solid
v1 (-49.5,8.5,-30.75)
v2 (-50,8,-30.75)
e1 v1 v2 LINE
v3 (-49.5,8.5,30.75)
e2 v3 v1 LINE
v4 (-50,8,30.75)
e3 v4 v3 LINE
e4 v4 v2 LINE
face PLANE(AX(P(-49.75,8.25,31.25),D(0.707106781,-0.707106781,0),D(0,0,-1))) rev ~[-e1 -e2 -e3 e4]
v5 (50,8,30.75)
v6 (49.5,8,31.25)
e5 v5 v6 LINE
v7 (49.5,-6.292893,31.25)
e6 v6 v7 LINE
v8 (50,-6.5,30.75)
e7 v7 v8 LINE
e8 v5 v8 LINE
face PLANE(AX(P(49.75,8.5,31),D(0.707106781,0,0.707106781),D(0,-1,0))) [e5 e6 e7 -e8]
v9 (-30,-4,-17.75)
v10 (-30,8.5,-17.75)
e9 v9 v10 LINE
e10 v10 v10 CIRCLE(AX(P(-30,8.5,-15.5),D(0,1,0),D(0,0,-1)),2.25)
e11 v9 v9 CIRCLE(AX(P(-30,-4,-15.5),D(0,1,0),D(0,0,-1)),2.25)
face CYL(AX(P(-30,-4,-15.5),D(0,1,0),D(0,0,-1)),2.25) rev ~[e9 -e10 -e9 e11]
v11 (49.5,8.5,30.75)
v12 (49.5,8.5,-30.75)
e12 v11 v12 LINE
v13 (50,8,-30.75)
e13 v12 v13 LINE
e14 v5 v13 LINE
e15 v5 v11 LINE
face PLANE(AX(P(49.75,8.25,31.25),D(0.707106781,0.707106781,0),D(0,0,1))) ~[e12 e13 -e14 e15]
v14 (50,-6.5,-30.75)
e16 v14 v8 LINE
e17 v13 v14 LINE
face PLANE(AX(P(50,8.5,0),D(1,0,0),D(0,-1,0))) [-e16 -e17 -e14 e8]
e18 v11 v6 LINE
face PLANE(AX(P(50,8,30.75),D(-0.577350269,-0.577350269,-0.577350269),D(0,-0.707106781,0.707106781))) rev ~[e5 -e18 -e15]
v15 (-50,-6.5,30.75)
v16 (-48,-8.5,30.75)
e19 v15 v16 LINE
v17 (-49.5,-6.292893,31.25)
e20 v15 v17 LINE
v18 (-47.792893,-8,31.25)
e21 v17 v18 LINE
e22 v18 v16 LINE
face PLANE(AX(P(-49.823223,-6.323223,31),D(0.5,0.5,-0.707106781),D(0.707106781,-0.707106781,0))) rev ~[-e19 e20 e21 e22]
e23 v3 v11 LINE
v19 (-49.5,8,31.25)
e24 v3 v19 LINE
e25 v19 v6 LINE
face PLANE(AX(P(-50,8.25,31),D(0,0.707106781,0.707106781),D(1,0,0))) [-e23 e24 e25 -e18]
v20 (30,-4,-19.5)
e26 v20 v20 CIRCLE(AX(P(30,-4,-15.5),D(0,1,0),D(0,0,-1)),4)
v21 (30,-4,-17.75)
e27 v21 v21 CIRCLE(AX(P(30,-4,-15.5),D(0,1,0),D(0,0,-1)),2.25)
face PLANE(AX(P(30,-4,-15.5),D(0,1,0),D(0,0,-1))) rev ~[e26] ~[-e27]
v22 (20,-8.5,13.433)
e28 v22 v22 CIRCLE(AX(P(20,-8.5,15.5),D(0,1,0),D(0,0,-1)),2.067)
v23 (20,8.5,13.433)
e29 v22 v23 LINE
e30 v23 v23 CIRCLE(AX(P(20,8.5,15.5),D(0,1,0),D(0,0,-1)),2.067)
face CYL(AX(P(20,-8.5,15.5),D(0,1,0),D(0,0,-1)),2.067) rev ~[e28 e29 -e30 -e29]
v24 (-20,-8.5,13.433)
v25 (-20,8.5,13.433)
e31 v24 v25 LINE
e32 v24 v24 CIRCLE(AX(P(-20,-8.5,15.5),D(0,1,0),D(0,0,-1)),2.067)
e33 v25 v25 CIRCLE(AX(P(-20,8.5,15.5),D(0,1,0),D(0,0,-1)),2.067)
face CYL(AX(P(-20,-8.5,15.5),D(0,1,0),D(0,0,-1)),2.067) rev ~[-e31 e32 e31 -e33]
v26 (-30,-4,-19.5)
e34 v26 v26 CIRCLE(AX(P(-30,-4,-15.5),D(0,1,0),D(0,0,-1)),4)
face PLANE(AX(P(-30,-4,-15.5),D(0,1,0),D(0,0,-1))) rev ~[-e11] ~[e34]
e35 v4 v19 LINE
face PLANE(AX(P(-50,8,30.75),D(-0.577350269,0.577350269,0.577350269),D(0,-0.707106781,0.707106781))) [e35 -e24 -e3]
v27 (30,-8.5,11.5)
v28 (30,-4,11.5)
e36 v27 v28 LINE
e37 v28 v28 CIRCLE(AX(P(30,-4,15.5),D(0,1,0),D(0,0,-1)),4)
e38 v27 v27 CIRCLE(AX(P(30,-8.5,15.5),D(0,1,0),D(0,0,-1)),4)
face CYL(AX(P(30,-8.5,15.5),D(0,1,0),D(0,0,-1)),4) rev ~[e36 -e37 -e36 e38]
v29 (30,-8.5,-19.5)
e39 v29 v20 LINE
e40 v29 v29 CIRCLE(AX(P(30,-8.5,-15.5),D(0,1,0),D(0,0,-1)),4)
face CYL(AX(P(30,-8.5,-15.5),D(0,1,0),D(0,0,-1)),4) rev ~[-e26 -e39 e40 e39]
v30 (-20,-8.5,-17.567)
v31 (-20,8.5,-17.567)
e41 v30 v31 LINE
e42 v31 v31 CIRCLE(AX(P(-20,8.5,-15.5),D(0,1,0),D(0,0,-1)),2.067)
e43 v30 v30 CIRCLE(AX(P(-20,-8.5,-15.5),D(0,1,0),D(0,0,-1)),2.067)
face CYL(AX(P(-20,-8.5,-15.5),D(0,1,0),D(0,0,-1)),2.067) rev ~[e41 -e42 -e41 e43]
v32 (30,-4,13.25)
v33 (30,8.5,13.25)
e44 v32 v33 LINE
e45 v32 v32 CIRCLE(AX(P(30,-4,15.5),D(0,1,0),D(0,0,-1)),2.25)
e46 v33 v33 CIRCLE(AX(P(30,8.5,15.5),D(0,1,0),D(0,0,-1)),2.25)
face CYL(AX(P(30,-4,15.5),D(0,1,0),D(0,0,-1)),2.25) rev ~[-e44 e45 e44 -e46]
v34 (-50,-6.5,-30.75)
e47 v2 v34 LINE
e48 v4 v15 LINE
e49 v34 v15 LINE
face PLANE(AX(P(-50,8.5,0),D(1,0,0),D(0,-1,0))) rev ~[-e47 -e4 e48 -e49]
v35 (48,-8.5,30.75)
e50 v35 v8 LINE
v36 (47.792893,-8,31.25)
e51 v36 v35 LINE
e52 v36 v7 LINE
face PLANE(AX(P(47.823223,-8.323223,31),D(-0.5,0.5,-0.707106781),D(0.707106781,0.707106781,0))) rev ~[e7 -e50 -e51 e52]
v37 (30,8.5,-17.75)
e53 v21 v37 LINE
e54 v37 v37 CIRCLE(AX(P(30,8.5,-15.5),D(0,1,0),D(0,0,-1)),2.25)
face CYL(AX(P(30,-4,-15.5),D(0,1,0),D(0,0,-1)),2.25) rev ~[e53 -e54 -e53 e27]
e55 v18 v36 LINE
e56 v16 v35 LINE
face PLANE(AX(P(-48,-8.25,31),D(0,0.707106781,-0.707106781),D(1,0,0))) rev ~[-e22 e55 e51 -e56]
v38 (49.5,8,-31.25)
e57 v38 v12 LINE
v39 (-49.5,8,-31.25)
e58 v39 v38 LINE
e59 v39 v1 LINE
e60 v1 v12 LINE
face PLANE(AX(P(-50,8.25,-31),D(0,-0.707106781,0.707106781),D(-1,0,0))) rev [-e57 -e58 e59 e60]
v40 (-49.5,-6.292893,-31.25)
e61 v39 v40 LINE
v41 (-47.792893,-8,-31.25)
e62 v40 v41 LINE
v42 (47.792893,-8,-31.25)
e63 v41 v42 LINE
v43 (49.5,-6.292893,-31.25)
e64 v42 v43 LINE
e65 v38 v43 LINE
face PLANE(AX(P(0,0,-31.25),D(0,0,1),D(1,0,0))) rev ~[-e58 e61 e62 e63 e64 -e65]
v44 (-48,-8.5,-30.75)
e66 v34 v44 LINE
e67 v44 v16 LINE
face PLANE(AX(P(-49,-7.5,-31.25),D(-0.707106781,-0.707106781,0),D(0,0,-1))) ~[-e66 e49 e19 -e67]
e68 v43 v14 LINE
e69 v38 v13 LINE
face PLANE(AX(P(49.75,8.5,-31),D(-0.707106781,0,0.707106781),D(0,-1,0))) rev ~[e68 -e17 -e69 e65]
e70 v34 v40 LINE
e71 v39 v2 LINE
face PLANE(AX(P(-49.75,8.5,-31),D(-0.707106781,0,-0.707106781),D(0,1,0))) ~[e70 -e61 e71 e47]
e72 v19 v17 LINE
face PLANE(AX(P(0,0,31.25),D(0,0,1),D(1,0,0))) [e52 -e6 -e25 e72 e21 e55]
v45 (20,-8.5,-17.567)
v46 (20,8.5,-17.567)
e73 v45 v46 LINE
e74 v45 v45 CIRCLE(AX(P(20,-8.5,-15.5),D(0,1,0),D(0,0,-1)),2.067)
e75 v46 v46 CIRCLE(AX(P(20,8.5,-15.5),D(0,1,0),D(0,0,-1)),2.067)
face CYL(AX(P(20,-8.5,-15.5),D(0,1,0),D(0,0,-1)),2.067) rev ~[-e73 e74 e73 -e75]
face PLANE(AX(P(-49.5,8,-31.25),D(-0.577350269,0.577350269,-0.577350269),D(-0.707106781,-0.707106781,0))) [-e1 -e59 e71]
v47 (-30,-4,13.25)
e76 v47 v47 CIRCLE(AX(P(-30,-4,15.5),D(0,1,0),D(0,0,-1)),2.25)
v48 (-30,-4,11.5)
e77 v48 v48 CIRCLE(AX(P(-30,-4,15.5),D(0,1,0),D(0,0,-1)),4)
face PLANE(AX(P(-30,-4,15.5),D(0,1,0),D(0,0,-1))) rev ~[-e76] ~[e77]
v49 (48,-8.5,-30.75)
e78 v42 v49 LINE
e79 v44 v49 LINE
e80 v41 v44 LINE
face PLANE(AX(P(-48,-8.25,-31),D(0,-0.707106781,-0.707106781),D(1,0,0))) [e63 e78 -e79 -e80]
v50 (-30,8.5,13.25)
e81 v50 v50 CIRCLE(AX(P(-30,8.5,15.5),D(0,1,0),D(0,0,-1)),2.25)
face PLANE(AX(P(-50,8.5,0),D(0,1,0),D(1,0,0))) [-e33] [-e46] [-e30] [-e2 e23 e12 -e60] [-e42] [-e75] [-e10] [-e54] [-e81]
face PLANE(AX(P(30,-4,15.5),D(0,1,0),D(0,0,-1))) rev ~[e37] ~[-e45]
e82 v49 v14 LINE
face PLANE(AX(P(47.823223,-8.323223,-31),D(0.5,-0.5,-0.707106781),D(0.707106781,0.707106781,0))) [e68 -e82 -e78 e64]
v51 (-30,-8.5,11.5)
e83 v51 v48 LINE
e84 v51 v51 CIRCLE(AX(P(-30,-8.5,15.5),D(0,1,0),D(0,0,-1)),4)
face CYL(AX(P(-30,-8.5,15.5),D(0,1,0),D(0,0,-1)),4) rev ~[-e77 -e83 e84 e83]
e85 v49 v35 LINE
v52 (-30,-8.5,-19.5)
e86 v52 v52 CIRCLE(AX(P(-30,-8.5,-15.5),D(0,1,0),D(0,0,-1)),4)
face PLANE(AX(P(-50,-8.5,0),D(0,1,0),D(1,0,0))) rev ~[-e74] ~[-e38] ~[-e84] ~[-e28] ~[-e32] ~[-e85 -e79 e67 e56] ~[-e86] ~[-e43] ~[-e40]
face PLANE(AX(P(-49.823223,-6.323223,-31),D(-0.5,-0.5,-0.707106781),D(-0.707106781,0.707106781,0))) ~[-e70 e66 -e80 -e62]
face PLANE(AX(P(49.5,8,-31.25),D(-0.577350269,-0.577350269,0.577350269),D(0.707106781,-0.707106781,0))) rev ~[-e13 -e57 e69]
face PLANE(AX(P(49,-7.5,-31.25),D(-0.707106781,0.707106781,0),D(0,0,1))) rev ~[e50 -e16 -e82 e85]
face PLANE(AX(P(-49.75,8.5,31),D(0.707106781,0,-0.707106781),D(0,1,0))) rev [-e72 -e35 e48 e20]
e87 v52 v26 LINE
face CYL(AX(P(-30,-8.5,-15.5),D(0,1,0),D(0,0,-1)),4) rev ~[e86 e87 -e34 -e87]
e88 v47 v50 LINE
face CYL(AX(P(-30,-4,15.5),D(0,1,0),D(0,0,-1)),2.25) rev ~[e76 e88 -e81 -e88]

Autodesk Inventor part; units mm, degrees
ref_plane "YZ Plane" through (0, 0, 0) normal (1, 0, 0) x (0, 1, 0)
ref_plane "XZ Plane" through (0, 0, 0) normal (0, 1, 0) x (-1, 0, 0)
ref_plane "XY Plane" through (0, 0, 0) normal (0, 0, 1) x (1, 0, 0)
sketch "Sketch5" plane through (0, 0, 0) normal (0, 0, 1) x (1, 0, 0)
  line L0 (-50, -8.5) -> (50, -8.5)
  line L1 (50, 8.5) -> (50, -8.5)
  line L2 (-50, 8.5) -> (50, 8.5)
  line L3 (-50, 8.5) -> (-50, -8.5)
  point P0 (0, 0)
  point P1 (0, 8.5)
  point P2 (50, 0)
  dimension "d8" = 100
  dimension "d9" = 17
extrude "Extrusion5" add sketch "Sketch5" along normal mid plane 62.5
chamfer "Chamfer1" distance 2 angle 45 2 edges at (50, -8.5, 0) (-50, -8.5, 0)
sketch "Sketch7" plane through (-48, -8.5, -31.25) normal (0, -1, 0) x (1, 0, 0)
  circle A0 centre (78, 15.75) radius 2.2423
  circle A1 centre (78, 46.75) radius 2.2423
  circle A2 centre (18, 15.75) radius 2.2423
  circle A3 centre (18, 46.75) radius 2.2423
  point P0 (48, 31.25)
  point P1 (96, 0)
  point P2 (96, 62.5)
  dimension "d18" = 60
  dimension "d19" = 30
  dimension "d20" = 31
  dimension "d21" = 15.5
  dimension "d48" = 62.5
hole "Hole1" at (30, -8.5, -15.5) at (30, -8.5, 15.5) at (-30, -8.5, 15.5) at (-30, -8.5, -15.5) direction (0, 1, 0) diameter 4.5 end through all counterbore diameter 8 counterbore depth 4.5 clearance for "Socket Head Cap Screw DIN EN ISO 4762" size "M4" standard "DIN"
sketch "Sketch9" plane through (-48, -8.5, -31.25) normal (0, -1, 0) x (1, 0, 0)
  circle A0 centre (78, 15.75) radius 4 projected
  circle A1 centre (78, 46.75) radius 4 projected
  circle A2 centre (68, 46.75) radius 2.5
  circle A3 centre (68, 15.75) radius 2.5
  line L0 (48, 31.25) -> (48, 8.9232)
  circle A4 centre (28, 46.75) radius 2.5
  circle A5 centre (28, 15.75) radius 2.5
  dimension "d39" = 20
  dimension "d40" = 5
hole "Hole3" at (-20, -8.5, -15.5) at (-20, -8.5, 15.5) at (20, -8.5, 15.5) at (20, -8.5, -15.5) direction (0, 1, 0) diameter 4.134 end through all thread size "M5x0.8" class "6H" standard "ISO Metric profile"
chamfer "Chamfer4" distance 0.5 angle 45 14 edges at (0, 8.5, 31.25) (50, 8.5, 0) (-50, 8.5, 0) (0, 8.5, -31.25) (50, 1, 31.25) (50, 1, -31.25) (-50, 1, -31.25) (-50, 1, 31.25) (0, -8.5, 31.25) (0, -8.5, -31.25) (49, -7.5, 31.25) (-49, -7.5, 31.25) (49, -7.5, -31.25) (-49, -7.5, -31.25)
equation "\"d19\" = 0.5 * d18"
equation "\"d21\" = 0.5 * d20"
properties part number "BC-10022" material "Aço Carbono AISI 1006"
